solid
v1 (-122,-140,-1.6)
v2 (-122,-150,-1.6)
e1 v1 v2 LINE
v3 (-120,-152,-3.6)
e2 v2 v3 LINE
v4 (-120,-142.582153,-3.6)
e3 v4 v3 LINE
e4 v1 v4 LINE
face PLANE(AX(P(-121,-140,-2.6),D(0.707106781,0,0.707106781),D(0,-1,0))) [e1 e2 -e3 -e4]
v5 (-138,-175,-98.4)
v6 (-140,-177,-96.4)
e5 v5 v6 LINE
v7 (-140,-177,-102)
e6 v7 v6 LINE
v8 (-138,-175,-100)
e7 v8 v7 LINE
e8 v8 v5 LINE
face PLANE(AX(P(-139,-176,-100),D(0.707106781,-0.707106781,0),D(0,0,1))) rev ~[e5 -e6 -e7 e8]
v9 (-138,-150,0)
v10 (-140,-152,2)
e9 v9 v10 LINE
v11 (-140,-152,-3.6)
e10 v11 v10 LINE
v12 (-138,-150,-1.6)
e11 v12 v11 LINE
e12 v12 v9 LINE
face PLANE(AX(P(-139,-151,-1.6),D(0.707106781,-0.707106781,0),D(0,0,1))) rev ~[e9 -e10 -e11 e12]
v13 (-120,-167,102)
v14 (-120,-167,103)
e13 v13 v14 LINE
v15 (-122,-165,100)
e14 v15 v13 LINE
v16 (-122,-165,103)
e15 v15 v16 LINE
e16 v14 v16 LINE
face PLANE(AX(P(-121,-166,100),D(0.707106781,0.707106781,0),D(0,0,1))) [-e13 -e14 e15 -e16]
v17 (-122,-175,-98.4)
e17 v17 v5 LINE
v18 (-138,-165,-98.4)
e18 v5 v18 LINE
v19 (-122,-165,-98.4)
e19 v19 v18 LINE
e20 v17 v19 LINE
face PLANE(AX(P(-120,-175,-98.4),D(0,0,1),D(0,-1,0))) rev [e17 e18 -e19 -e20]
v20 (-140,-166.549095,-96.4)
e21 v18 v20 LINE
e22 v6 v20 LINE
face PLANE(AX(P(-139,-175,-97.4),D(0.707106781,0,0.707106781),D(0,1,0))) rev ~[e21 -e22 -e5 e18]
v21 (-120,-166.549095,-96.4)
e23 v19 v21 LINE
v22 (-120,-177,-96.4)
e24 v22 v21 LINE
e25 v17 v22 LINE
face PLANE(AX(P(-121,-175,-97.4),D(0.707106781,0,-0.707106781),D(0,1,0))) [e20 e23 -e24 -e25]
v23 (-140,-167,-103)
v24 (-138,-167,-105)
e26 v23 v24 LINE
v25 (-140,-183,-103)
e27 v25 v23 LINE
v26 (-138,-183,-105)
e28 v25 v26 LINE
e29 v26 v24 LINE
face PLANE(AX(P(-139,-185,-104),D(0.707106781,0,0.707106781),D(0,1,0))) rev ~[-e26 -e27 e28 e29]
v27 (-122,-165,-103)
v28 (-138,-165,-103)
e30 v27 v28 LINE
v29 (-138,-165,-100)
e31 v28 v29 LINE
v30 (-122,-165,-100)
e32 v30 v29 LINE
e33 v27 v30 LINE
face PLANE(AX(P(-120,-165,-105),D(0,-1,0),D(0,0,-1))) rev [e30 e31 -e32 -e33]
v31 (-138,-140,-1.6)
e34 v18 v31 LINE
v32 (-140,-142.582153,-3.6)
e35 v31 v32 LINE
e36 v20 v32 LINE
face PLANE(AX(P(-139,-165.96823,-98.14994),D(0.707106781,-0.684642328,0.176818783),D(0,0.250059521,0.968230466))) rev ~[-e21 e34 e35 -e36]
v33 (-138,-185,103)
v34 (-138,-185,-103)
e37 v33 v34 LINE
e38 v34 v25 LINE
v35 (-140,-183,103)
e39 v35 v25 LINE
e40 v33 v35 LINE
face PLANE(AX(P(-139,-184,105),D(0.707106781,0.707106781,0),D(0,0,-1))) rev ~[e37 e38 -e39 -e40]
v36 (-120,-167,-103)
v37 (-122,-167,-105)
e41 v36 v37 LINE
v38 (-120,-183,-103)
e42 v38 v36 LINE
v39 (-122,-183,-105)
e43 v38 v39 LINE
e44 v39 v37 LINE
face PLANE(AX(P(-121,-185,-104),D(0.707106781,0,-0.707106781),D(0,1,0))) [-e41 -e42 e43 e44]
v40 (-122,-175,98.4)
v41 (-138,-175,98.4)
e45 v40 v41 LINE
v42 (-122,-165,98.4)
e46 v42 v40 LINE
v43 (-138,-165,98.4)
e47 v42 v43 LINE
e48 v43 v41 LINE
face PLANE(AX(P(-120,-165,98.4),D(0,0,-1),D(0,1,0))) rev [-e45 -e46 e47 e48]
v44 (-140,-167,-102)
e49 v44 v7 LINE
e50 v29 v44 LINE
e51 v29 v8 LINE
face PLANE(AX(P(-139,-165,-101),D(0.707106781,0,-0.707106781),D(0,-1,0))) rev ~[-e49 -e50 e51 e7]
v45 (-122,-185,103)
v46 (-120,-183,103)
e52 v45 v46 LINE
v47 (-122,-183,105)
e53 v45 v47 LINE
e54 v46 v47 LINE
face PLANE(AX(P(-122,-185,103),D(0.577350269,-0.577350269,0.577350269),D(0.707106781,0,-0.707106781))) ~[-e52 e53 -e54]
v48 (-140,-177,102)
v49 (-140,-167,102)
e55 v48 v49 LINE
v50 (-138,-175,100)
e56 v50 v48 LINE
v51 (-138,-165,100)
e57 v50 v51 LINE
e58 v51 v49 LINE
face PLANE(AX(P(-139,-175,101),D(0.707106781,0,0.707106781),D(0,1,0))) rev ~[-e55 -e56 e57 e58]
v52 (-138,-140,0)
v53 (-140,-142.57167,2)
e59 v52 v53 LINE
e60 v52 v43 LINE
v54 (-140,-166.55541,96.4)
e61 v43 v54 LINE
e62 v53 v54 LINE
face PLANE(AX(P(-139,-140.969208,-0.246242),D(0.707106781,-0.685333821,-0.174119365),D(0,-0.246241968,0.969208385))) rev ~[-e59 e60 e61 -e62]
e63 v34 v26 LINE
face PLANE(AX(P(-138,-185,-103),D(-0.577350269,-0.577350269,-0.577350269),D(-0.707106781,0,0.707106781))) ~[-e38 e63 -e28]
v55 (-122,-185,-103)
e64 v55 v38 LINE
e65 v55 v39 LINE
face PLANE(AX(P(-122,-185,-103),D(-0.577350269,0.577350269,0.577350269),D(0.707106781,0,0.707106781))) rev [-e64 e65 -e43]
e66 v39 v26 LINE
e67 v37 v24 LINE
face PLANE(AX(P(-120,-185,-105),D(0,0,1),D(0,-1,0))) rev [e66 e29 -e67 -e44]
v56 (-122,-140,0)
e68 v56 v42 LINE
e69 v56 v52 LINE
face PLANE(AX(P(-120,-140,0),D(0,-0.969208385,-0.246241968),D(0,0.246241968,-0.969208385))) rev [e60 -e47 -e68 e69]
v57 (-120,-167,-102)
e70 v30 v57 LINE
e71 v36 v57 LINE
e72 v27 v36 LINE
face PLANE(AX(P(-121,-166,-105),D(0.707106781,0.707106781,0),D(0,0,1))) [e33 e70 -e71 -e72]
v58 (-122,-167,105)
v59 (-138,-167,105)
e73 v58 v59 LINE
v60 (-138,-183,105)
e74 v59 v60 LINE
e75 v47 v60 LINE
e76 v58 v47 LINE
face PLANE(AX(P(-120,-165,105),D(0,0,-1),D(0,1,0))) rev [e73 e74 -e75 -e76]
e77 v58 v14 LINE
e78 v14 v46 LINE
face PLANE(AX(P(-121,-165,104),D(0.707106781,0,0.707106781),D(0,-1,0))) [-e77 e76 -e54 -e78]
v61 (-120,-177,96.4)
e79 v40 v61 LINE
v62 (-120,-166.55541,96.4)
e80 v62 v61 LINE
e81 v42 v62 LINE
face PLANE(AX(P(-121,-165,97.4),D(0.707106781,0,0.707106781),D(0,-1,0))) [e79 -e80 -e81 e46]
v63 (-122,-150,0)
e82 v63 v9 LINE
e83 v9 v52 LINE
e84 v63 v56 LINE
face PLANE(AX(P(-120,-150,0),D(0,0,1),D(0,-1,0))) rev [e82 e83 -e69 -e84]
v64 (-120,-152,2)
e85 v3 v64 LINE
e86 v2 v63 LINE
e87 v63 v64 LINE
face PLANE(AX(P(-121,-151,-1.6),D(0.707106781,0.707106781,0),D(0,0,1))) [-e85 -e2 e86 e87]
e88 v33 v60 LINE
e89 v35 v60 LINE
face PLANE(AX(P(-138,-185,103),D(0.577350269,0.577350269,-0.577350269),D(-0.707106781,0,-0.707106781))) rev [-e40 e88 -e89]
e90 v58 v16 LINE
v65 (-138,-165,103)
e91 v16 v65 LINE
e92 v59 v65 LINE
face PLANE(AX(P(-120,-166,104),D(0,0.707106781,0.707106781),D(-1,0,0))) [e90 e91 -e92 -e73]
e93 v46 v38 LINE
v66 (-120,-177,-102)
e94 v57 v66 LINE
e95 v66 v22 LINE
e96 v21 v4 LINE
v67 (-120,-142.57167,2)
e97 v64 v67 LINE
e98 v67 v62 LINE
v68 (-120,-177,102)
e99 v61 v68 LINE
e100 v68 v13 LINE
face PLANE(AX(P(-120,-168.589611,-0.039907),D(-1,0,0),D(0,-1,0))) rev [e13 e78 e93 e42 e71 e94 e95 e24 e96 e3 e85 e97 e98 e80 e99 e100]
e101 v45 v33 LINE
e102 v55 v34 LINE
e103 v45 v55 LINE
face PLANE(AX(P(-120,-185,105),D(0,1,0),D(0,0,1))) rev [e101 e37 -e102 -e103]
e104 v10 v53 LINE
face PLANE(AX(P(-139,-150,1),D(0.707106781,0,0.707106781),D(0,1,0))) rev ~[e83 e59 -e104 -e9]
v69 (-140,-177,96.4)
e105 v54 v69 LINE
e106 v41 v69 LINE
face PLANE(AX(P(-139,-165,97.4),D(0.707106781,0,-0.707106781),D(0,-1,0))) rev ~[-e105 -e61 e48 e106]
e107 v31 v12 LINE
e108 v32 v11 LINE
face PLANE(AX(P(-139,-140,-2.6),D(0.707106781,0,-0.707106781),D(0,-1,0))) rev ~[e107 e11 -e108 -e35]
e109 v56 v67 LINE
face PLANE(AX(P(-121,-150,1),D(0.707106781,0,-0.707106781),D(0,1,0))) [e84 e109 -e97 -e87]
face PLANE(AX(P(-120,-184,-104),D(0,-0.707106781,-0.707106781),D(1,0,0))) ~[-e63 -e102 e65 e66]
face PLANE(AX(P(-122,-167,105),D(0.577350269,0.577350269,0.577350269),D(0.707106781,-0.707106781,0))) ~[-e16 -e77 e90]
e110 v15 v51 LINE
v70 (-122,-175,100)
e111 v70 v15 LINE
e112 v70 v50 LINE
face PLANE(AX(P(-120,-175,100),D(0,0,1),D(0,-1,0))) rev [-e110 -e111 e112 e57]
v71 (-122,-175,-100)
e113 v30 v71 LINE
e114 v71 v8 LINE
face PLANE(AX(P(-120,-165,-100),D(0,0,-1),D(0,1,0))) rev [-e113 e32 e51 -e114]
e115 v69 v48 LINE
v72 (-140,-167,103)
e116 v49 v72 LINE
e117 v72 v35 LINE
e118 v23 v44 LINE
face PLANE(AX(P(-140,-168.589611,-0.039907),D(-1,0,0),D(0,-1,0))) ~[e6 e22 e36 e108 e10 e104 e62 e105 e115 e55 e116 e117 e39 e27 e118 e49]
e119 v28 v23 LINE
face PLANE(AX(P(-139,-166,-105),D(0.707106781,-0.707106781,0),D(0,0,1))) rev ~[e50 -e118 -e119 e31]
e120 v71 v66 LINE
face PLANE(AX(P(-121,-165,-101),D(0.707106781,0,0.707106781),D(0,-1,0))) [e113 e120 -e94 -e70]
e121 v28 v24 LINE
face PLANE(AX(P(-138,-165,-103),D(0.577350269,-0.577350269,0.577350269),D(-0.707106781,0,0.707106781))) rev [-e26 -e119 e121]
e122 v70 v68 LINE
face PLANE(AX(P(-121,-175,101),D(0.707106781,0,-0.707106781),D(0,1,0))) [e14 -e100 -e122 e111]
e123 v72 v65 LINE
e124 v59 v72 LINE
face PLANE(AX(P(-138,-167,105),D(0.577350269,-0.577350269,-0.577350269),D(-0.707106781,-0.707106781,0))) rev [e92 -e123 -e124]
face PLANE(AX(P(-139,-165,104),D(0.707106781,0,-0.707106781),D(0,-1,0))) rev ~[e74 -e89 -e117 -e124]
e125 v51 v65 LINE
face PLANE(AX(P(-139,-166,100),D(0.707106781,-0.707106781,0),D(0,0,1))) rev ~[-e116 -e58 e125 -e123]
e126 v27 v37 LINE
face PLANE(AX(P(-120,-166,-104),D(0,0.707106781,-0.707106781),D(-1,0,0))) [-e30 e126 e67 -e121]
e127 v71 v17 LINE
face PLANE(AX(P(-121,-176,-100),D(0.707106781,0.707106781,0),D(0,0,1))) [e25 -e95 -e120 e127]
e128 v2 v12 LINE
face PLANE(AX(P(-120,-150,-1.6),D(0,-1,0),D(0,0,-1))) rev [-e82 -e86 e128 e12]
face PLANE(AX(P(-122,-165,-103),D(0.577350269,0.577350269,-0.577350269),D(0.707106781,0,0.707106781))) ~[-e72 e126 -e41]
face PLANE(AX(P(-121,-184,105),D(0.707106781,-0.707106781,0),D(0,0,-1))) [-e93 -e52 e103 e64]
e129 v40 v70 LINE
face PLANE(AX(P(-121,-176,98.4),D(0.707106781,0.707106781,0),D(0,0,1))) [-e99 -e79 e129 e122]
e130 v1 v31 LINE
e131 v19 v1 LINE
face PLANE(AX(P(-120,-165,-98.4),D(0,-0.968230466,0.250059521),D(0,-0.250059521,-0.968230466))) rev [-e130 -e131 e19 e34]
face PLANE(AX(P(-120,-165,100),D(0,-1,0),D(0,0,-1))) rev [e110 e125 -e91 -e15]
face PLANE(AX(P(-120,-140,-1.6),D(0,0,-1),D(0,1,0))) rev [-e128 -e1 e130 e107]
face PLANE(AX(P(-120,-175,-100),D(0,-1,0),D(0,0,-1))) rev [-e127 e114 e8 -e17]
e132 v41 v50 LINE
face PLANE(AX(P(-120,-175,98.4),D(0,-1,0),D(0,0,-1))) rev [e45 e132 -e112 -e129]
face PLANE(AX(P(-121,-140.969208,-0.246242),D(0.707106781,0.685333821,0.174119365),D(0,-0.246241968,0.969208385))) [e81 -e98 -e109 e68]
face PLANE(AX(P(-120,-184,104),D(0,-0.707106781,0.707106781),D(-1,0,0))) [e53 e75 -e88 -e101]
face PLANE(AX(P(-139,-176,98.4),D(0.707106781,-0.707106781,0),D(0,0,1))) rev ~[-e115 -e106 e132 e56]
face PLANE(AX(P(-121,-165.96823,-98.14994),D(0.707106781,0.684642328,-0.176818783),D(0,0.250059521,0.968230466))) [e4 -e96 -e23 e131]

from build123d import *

# Parameters (mm, degrees)
PAD005_DEPTH            = 20
CHAMFER_SIZE            = 2
BODY003_ROLL_ANGLE      = 90
BODY003_PLACEMENT_ANGLE = 90


with BuildPart() as sideholder1:
    # Sketch006 → Pad005 (new body)
    with BuildSketch(Plane.XY):
        Polygon((0, -105), (20, -105), (20, -100), (10, -100), (10, -98.4), (20, -98.4), (45, -1.6), (35, -1.6), (35, 0), (45, 0), (20, 98.4), (10, 98.4), (10, 100), (20, 100), (20, 105), (0, 105), align=None)
    extrude(amount=PAD005_DEPTH)

    # Chamfer
    chamfer_edges = [sideholder1.edges().sort_by_distance(p)[0] for p in [
        (10, -105, 20),
        (20, -102.5, 20),
        (15, -100, 20),
        (10, -99.2, 20),
        (15, -98.4, 20),
        (32.5, -50, 20),
        (40, -1.6, 20),
        (35, -0.8, 20),
        (40, 0, 20),
        (32.5, 49.2, 20),
        (15, 98.4, 20),
        (10, 99.2, 20),
        (15, 100, 20),
        (20, 102.5, 20),
        (10, 105, 20),
        (0, 0, 20),
        (10, -105, 0),
        (20, -102.5, 0),
        (15, -100, 0),
        (10, -99.2, 0),
        (15, -98.4, 0),
        (32.5, -50, 0),
        (40, -1.6, 0),
        (35, -0.8, 0),
        (40, 0, 0),
        (32.5, 49.2, 0),
        (15, 98.4, 0),
        (10, 99.2, 0),
        (15, 100, 0),
        (20, 102.5, 0),
        (10, 105, 0),
        (0, 0, 0),
        (0, 105, 10),
        (0, -105, 10),
        (20, 105, 10),
        (20, -105, 10),
    ]]
    chamfer(chamfer_edges, length=CHAMFER_SIZE)


with BuildPart() as sideholder1_1:
    # Body003 roll: moved
    add(sideholder1.part.rotate(Axis((0, 0, 0), (1, 0, 0)), BODY003_ROLL_ANGLE))


with BuildPart() as sideholder1_2:
    # Body003 placement: moved
    add(sideholder1_1.part.moved(Location((120, -185, 0))).rotate(Axis((120, -185, 0), (0, 0, 1)), BODY003_PLACEMENT_ANGLE))


with BuildPart() as sideholder2_mirror:
    # mirror: instance of SideHolder1
    add(sideholder1_2.part.mirror(Plane(origin=(0, 0, 0), x_dir=(0, -1, 0), z_dir=(1, 0, 0))))


solid = sideholder2_mirror.part
